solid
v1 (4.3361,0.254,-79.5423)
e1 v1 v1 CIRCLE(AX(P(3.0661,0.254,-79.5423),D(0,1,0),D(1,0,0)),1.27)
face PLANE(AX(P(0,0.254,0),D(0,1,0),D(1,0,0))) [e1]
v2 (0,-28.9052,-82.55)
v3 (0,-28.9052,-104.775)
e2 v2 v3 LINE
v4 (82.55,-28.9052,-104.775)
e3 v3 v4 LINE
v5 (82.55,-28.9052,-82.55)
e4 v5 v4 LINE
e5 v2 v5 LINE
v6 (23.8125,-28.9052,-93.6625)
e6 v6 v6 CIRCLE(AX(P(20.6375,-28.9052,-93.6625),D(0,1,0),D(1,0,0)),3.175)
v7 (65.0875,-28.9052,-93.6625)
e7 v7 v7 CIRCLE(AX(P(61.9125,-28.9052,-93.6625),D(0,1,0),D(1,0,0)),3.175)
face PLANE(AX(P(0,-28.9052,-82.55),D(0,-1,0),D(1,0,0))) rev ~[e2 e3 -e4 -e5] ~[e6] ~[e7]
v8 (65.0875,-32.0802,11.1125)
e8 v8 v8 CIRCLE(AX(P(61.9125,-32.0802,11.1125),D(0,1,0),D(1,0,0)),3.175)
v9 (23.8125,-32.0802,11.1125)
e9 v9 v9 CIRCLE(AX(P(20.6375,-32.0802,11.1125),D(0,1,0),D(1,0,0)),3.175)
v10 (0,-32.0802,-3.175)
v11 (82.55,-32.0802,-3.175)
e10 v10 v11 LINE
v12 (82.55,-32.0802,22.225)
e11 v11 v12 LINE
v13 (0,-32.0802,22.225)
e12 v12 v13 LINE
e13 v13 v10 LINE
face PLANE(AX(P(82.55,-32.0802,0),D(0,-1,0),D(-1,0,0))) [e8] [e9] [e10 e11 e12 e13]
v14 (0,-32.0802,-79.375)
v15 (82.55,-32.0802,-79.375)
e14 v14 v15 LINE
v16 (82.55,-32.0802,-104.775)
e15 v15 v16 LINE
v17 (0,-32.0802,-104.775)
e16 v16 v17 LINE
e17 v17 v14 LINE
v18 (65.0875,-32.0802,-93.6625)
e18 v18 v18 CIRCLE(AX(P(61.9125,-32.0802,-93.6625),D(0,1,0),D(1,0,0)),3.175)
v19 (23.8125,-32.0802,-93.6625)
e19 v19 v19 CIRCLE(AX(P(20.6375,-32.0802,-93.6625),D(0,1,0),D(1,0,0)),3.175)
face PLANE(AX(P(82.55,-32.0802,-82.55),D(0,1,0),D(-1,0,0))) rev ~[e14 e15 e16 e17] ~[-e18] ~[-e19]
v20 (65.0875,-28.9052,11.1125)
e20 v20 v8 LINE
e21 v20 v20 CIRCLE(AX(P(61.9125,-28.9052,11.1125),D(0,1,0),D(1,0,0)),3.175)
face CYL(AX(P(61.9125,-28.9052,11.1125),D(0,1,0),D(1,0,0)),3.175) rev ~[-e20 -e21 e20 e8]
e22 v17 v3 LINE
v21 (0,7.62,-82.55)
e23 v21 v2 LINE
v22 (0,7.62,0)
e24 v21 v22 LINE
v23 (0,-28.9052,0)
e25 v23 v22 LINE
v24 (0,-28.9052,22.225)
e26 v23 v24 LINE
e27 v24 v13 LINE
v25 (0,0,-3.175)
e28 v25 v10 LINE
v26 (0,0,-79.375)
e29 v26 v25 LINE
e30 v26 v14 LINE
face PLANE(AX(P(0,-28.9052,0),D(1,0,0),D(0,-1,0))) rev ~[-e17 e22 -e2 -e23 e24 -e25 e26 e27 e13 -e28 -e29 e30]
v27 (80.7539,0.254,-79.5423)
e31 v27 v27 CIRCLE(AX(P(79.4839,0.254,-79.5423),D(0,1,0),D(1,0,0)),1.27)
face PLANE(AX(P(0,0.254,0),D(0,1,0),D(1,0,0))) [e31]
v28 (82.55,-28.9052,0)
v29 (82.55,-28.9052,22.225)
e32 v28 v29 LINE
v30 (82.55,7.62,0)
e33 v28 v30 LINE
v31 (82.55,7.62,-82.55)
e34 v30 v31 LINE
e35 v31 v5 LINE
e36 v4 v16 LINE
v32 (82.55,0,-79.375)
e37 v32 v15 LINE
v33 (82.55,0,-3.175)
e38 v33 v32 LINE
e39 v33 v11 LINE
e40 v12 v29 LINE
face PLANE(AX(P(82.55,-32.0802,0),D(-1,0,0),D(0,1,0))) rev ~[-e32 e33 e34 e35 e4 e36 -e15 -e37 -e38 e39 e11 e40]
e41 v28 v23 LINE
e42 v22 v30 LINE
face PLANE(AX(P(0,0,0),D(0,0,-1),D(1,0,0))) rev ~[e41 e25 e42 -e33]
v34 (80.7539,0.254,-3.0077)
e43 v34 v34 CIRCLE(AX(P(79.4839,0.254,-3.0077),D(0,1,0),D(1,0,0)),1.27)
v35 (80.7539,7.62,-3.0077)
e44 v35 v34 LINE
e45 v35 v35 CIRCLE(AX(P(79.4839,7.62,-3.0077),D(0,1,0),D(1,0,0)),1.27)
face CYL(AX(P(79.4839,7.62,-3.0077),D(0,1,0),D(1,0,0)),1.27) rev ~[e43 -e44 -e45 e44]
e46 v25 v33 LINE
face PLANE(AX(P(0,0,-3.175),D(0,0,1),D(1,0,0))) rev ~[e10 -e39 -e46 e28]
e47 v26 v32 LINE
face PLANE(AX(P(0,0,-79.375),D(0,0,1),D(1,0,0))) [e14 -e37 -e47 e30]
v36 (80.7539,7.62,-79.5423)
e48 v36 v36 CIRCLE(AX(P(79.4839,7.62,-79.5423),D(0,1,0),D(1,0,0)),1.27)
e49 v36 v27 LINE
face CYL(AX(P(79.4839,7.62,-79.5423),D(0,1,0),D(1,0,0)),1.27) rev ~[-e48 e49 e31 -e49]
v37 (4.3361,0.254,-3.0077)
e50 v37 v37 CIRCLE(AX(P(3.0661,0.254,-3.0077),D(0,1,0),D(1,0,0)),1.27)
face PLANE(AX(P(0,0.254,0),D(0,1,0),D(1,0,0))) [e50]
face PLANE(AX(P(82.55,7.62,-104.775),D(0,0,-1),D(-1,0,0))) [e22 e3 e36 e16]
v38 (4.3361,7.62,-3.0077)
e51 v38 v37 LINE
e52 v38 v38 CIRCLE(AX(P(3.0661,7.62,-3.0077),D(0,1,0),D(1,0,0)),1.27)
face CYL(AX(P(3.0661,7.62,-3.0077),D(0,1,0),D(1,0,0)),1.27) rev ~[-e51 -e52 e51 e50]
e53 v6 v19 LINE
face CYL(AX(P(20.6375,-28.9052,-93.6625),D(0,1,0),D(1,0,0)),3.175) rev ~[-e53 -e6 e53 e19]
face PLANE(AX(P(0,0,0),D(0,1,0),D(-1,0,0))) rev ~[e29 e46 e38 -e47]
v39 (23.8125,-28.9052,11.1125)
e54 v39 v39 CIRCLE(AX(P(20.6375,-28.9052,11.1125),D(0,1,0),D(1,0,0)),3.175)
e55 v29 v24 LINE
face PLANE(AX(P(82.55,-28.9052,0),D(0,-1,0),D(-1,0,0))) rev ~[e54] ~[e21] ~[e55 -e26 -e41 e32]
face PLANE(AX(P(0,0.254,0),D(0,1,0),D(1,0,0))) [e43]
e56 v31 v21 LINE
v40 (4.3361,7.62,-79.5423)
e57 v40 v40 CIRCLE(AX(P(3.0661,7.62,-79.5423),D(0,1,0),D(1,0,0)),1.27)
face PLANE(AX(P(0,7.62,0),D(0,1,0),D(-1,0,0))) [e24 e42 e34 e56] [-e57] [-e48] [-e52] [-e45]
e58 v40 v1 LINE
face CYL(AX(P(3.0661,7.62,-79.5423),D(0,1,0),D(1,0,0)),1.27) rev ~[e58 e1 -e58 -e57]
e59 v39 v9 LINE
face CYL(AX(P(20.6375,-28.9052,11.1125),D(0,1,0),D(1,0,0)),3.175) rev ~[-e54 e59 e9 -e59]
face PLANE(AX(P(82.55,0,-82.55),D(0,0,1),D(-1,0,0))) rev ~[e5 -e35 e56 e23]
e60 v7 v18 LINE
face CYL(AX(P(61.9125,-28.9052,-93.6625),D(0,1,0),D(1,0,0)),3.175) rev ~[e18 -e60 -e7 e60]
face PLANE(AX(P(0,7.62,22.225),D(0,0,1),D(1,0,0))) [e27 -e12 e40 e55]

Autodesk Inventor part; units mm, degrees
ref_plane "YZ Plane" through (0, 0, 0) normal (1, 0, 0) x (0, 1, 0)
ref_plane "XZ Plane" through (0, 0, 0) normal (0, 1, 0) x (-1, 0, 0)
ref_plane "XY Plane" through (0, 0, 0) normal (0, 0, 1) x (1, 0, 0)
sketch "Sketch1" plane through (0, 0, 0) normal (0, 1, 0) x (-1, 0, 0)
  line L0 (0, 0) -> (-82.55, 0)
  line L1 (-82.55, 0) -> (-82.55, -82.55)
  line L2 (-82.55, -82.55) -> (0, -82.55)
  line L3 (0, -82.55) -> (0, 0)
  dimension "d0" = 82.55
  dimension "d1" = 82.55
extrude "Extrusion1" add sketch "Sketch1" along normal blind 7.62
sketch "Sketch2" plane through (0, 0, 0) normal (0, -1, 0) x (1, 0, 0)
  line L0 (82.55, 0) -> (82.55, -82.55) projected
  line L1 (82.55, 0) -> (0, 0)
  line L2 (0, 0) -> (0, -3.175)
  line L3 (0, -3.175) -> (82.55, -3.175)
  line L4 (82.55, -3.175) -> (82.55, 0)
  line L5 (82.55, -82.55) -> (0, -82.55)
  line L6 (0, -82.55) -> (0, -79.375)
  line L7 (0, -79.375) -> (82.55, -79.375)
  line L8 (82.55, -79.375) -> (82.55, -82.55)
  dimension "d4" = 82.55
  dimension "d5" = 3.175
  dimension "d6" = 82.55
  dimension "d7" = 3.175
extrude "Extrusion2" add sketch "Sketch2" along normal blind 32.0802
sketch "Sketch3" plane through (0, 7.62, 0) normal (0, 1, 0) x (1, 0, 0)
  line L0 (0, 82.55) -> (82.55, 82.55) construction
  line L1 (0, 0) -> (82.55, 82.55) construction
  line L2 (82.55, 0) -> (0, 0) construction
  line L3 (0, 82.55) -> (82.55, 0) construction
  circle A0 centre (3.0661, 3.0077) radius 1.27
  circle A1 centre (3.0661, 79.5423) radius 1.27
  circle A2 centre (79.4839, 79.5423) radius 1.27
  circle A3 centre (79.4839, 3.0077) radius 1.27
  line L4 (3.0661, 3.0077) -> (79.4839, 79.5423) construction
  line L5 (3.0661, 79.5423) -> (79.4839, 3.0077) construction
  dimension "d14" = 2.54
  dimension "d15" = 2.54
  dimension "d16" = 2.54
  dimension "d17" = 2.54
extrude "Extrusion3" cut sketch "Sketch3" against normal blind 7.366
sketch "Sketch4" plane through (82.55, 7.62, -82.55) normal (0, 0, -1) x (-1, 0, 0)
  line L0 (0, 0) -> (0, -39.7002) projected
  line L1 (0, -39.7002) -> (82.55, -39.7002)
  line L2 (82.55, -39.7002) -> (82.55, -36.5252)
  line L3 (82.55, -36.5252) -> (0, -36.5252)
  line L4 (0, -36.5252) -> (0, -39.7002)
  point P0 (82.55, -7.62)
  dimension "d20" = 82.55
  dimension "d21" = 3.175
extrude "Extrusion4" add sketch "Sketch4" along normal blind 22.225
sketch "Sketch5" plane through (0, 7.62, 0) normal (0, 0, 1) x (1, 0, 0)
  line L0 (82.55, -39.7002) -> (0, -39.7002) projected
  line L1 (0, -39.7002) -> (82.55, -39.7002)
  line L2 (82.55, -39.7002) -> (82.55, -36.5252)
  line L3 (82.55, -36.5252) -> (0, -36.5252)
  line L4 (0, -36.5252) -> (0, -39.7002)
  point P0 (0, -7.62)
  dimension "d24" = 82.55
  dimension "d25" = 3.175
extrude "Extrusion5" add sketch "Sketch5" along normal blind 22.225
sketch "Sketch6" plane through (0, -28.9052, 0) normal (0, 1, 0) x (1, 0, 0)
  line L0 (0, 0) -> (0, -22.225) construction
  line L1 (0, -22.225) -> (0, -11.1125) construction
  line L2 (0, -11.1125) -> (20.6375, -11.1125) construction
  line L3 (20.6375, -11.1125) -> (61.9125, -11.1125) construction
  line L4 (0, 79.375) -> (0, 104.775) construction
  line L5 (0, 104.775) -> (0, 93.6625) construction
  line L6 (0, 93.6625) -> (20.6375, 93.6625) construction
  line L7 (20.6375, 93.6625) -> (61.9125, 93.6625) construction
  circle A0 centre (20.6375, -11.1125) radius 3.175
  circle A1 centre (20.6375, 93.6625) radius 3.175
  circle A2 centre (61.9125, 93.6625) radius 3.175
  circle A3 centre (61.9125, -11.1125) radius 3.175
  dimension "d28" = 11.1125
  dimension "d29" = 20.6375
  dimension "d30" = 41.275
  dimension "d31" = 11.1125
  dimension "d32" = 20.6375
  dimension "d33" = 90
  dimension "d34" = 41.275
  dimension "d35" = 180
  dimension "d36" = 6.35
  dimension "d37" = 6.35
  dimension "d38" = 6.35
  dimension "d39" = 6.35
extrude "Extrusion6" cut sketch "Sketch6" against normal blind 3.175
properties part number "TurntableBase2"
